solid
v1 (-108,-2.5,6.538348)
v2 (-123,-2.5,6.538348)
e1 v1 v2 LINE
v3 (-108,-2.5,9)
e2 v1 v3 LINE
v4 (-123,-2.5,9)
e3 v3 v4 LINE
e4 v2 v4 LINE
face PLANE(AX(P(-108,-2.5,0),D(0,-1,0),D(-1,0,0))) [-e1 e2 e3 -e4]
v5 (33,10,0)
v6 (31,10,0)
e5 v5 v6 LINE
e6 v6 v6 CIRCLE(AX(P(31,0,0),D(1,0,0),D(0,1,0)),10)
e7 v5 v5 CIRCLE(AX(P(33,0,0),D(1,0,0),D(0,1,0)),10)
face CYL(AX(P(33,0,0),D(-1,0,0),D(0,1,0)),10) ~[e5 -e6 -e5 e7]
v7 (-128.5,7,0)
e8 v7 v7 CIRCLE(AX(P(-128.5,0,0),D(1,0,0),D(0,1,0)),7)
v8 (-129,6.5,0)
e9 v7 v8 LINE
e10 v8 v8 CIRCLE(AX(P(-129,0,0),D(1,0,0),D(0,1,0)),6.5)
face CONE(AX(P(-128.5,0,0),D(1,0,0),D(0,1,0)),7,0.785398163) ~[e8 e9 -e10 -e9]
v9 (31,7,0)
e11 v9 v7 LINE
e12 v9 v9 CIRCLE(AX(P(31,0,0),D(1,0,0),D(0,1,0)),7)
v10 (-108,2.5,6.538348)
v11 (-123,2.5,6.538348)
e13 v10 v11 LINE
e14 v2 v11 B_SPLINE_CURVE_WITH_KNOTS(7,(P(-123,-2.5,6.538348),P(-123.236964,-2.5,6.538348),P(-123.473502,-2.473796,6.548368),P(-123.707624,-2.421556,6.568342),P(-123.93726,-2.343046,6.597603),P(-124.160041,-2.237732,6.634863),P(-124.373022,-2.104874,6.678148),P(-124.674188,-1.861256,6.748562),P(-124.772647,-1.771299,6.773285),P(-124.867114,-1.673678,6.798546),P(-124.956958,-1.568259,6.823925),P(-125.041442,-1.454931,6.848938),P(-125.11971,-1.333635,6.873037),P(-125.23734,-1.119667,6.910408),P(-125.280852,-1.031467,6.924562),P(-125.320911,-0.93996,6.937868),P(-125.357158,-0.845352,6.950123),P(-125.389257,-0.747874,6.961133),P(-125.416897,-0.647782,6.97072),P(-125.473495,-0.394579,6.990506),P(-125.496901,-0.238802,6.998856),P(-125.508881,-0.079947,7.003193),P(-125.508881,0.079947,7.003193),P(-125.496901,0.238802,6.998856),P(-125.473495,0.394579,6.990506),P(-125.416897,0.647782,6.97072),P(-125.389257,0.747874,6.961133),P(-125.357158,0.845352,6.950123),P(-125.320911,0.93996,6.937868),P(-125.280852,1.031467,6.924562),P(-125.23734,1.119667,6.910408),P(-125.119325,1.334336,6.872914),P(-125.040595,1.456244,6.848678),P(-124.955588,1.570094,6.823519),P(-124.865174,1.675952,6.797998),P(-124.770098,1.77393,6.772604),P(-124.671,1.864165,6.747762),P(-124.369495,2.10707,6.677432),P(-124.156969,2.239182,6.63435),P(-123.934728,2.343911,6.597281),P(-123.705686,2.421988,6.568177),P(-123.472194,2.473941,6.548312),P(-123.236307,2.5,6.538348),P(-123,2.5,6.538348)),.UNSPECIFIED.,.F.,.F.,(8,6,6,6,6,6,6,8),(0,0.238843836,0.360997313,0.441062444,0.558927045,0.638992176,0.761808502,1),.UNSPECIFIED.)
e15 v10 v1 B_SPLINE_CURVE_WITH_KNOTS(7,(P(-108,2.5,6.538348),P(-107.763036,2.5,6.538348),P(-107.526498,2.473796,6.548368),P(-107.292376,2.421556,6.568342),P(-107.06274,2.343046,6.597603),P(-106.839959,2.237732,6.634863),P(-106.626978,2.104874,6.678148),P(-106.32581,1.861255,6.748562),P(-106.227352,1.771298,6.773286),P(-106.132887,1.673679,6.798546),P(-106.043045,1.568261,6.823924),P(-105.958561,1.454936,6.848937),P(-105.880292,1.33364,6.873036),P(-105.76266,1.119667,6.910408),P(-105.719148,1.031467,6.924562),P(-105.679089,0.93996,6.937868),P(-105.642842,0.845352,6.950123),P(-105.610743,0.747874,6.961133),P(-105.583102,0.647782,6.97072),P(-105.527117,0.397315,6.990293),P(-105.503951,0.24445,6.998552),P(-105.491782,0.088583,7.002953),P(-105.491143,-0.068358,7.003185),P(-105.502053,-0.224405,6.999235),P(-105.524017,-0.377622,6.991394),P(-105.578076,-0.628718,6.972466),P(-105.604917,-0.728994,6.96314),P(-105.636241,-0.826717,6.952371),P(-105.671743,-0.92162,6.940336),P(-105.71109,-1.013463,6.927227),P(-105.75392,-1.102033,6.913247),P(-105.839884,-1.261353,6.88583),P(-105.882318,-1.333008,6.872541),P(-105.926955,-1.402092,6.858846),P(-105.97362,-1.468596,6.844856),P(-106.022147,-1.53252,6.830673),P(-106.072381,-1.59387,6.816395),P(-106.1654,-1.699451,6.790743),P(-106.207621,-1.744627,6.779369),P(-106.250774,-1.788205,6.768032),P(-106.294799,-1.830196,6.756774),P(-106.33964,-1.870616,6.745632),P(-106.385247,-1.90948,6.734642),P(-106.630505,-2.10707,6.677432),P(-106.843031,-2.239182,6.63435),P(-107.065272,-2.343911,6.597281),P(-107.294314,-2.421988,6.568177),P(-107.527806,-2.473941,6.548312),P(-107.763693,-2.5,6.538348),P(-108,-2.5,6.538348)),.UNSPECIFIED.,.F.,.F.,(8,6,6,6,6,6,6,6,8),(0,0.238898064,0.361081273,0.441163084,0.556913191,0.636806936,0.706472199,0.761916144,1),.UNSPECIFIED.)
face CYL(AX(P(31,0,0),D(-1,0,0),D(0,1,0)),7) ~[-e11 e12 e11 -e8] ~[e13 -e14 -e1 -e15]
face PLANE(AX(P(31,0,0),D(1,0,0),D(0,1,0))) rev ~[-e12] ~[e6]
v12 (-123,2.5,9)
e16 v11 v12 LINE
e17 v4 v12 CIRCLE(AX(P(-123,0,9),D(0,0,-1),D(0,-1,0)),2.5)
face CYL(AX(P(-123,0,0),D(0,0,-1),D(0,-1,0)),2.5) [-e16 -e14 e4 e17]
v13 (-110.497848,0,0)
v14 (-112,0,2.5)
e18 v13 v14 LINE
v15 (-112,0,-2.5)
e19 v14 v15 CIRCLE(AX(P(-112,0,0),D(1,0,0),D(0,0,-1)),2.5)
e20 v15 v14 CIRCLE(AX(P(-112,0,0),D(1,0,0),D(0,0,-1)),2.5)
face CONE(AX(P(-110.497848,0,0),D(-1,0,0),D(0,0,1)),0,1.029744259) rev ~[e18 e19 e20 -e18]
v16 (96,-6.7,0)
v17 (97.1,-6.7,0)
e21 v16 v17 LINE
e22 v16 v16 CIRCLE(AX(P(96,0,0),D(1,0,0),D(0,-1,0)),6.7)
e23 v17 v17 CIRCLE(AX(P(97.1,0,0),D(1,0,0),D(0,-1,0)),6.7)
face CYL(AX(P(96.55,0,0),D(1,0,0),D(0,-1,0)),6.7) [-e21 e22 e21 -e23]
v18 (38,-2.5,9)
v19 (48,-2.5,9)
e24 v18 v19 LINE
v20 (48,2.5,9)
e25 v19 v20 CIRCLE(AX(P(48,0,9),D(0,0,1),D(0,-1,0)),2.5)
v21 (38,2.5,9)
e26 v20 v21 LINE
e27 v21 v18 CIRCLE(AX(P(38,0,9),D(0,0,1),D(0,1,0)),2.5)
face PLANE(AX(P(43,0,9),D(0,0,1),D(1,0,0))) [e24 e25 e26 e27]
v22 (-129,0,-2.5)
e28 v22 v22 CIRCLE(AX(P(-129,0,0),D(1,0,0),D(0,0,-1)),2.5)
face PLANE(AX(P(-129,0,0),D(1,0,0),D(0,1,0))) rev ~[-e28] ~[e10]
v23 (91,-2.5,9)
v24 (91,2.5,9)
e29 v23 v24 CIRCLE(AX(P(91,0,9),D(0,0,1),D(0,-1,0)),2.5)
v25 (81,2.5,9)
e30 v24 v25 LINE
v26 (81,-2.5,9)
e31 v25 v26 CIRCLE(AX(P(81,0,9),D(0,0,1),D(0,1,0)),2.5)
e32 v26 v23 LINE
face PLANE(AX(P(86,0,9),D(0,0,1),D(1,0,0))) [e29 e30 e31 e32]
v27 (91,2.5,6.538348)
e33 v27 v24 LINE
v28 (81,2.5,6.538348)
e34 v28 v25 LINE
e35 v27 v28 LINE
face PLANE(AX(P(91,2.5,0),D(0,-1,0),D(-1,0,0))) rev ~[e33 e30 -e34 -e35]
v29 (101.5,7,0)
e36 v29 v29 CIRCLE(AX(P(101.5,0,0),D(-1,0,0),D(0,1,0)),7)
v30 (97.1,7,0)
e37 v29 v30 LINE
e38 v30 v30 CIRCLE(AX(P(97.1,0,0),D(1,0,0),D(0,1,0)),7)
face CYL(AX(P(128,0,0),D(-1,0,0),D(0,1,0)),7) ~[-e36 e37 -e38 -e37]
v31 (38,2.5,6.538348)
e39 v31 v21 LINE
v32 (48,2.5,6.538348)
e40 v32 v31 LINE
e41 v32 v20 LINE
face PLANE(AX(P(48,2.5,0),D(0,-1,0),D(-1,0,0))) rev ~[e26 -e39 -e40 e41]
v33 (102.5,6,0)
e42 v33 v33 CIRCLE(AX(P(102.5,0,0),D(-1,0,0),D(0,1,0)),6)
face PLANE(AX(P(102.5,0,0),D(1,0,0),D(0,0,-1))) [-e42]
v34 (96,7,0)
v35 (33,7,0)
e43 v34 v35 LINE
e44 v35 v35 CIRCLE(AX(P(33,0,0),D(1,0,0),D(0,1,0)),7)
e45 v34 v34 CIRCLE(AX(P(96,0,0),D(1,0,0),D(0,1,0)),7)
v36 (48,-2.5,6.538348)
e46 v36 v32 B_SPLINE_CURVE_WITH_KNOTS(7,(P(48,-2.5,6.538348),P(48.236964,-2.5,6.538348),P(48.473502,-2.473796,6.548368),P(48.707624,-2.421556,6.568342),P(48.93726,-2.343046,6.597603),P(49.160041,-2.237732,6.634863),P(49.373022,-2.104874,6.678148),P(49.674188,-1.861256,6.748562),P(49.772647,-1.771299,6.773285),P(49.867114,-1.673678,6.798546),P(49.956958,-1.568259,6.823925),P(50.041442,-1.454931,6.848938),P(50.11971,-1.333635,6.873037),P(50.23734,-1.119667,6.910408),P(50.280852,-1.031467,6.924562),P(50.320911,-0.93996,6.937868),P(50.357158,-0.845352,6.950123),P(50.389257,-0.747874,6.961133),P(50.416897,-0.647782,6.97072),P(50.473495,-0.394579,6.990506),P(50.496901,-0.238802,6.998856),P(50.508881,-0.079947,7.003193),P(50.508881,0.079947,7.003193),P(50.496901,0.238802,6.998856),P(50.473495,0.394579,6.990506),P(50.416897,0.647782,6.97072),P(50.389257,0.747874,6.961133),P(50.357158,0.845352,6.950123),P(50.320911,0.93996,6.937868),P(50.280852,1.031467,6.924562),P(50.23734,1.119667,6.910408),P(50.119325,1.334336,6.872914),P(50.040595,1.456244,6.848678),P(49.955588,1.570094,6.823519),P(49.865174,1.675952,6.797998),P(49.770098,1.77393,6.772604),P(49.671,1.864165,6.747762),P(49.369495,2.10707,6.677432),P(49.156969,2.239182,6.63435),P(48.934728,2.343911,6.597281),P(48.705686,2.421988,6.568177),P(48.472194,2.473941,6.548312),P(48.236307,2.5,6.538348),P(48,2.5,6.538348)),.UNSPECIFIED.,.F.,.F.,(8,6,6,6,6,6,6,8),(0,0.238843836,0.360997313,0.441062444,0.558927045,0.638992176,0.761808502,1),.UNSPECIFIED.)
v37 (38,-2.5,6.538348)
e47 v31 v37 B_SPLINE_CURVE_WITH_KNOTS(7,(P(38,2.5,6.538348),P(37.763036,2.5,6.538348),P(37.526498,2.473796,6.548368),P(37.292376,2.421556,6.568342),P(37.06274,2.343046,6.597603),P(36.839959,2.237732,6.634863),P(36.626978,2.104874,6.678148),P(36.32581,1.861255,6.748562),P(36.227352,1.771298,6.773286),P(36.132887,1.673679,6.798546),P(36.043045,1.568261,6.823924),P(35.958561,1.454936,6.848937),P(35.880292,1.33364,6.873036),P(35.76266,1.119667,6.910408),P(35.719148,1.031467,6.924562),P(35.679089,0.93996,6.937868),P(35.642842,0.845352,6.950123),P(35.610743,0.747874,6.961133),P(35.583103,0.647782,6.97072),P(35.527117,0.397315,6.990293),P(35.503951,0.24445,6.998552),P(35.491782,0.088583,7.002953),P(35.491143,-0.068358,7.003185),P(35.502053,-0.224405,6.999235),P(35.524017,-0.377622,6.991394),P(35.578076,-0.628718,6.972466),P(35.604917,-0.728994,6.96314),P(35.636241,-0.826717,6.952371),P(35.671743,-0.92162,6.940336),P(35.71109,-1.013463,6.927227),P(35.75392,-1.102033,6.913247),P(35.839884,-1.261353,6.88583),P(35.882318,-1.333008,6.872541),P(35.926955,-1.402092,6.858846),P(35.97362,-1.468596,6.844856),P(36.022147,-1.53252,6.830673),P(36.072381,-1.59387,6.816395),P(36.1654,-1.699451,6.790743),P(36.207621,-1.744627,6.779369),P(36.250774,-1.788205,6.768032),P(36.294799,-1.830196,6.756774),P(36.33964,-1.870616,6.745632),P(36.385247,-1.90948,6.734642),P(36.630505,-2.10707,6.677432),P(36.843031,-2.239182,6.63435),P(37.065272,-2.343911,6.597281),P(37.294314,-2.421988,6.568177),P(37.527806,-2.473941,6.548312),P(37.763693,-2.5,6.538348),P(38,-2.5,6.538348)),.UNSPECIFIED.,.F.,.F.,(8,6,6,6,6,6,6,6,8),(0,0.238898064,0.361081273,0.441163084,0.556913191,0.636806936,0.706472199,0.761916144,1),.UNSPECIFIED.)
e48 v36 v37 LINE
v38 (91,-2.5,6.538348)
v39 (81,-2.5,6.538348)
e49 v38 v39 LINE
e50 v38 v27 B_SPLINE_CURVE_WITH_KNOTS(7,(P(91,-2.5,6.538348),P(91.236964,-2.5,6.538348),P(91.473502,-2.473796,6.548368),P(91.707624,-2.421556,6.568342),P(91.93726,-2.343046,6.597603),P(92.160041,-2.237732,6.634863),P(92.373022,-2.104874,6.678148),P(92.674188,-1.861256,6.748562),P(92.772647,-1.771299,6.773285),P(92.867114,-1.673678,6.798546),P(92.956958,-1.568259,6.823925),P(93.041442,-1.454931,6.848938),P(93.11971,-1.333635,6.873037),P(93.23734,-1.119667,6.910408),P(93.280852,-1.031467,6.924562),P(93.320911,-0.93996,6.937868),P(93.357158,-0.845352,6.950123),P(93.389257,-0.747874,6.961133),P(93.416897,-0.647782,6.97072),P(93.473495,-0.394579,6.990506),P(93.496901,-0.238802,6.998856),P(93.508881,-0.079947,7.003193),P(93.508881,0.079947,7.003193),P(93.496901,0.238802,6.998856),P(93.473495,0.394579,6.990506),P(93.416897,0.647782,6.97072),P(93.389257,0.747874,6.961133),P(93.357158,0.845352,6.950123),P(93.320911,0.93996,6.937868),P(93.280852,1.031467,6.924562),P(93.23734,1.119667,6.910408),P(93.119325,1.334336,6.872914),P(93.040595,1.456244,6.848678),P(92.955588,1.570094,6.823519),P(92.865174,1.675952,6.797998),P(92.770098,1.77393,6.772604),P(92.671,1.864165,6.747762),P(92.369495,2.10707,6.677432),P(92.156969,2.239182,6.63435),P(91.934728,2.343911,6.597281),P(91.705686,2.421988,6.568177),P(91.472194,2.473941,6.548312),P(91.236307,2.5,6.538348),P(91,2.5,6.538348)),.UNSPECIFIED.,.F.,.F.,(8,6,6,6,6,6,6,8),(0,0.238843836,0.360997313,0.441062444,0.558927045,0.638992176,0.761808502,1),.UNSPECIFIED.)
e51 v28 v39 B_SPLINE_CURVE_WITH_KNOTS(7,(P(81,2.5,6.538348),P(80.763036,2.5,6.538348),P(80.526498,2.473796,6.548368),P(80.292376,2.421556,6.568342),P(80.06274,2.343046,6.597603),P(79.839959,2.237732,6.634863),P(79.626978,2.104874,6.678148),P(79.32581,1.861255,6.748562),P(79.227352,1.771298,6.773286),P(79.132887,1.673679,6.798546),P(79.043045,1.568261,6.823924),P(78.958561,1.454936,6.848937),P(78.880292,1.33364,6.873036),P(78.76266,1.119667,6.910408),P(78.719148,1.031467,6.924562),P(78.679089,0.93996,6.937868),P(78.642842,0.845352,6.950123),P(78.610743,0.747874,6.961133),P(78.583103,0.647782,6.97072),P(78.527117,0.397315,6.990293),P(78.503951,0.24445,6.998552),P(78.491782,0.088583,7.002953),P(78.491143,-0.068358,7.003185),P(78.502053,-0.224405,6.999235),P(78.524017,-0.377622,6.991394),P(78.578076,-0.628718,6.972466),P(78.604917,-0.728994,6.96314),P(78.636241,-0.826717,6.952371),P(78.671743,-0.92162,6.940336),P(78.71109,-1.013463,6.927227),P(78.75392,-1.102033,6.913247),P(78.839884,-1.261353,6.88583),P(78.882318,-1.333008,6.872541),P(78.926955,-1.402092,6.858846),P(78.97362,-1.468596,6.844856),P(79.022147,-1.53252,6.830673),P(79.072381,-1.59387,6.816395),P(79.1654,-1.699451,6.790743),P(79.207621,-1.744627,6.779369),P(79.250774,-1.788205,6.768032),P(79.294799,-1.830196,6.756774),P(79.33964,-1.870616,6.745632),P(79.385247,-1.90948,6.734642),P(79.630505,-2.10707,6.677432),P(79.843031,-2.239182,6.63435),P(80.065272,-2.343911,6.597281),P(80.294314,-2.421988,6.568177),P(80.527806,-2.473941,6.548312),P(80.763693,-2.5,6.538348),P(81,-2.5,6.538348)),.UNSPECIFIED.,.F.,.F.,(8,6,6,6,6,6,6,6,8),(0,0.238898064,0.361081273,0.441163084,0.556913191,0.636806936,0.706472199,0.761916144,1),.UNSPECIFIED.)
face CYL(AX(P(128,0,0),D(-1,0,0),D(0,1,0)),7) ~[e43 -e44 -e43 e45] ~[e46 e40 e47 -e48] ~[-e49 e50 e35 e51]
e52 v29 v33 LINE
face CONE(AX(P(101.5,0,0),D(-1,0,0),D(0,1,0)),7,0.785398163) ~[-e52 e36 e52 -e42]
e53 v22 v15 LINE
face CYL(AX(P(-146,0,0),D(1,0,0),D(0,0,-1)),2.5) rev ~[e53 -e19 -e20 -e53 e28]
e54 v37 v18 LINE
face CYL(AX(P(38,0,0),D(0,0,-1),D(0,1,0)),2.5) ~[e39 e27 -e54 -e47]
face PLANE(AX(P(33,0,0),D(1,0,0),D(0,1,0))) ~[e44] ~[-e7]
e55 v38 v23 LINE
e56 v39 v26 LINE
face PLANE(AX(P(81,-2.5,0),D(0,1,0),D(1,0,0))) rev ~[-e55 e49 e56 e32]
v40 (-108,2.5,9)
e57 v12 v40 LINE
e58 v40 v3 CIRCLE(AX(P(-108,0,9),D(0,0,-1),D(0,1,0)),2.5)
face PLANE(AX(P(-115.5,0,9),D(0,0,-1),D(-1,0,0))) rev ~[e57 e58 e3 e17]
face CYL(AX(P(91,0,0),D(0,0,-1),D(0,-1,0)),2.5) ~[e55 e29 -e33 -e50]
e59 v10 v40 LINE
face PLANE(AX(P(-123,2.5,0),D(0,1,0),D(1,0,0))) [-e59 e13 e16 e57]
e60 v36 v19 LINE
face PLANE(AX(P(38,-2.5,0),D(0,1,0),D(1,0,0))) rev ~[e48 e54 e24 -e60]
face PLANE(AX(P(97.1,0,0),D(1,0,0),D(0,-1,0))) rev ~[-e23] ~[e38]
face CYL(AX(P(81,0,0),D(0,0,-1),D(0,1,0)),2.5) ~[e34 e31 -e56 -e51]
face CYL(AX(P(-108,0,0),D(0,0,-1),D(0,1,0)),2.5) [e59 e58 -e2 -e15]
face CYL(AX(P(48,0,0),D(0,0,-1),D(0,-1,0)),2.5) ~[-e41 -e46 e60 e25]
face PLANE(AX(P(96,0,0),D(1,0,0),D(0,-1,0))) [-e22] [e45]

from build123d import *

# Parameters (mm, degrees)
EXTRUDE_1_DEPTH        = 9
SKETCH_3_R             = 15
CUT_EXTRUDE_1_DEPTH    = 26.5
HOLE_WIZARD_M6_1_D     = 5
HOLE_WIZARD_M6_1_DEPTH = 17
HOLE_WIZARD_M6_1_TIP   = 1.502151548
CHAMFER_1_SIZE         = 1
SKETCH_6_W             = 1.1
SKETCH_6_H             = 0.3


with BuildPart() as part:
    # 草图1 → 旋转1 (revolve)
    with BuildSketch(Plane.XY):
        Polygon((-129, 0), (129, 0), (129, 6), (128, 7), (33, 7), (33, 10), (31, 10), (31, 7), (-128.5, 7), (-129, 6.5), align=None)
    revolve(axis=Axis((-129, 0, 0), (1, 0, 0)))

    # 草图2 → 凸台-拉伸1 (add)
    with BuildSketch(Plane.XY):
        with BuildLine():
            ThreePointArc((-108, 2.5), (-105.5, 0), (-108, -2.5))
            Line((-108, -2.5), (-123, -2.5))
            ThreePointArc((-123, -2.5), (-125.5, 0), (-123, 2.5))
            Line((-123, 2.5), (-108, 2.5))
        make_face()
        with BuildLine():
            Line((38, -2.5), (48, -2.5))
            ThreePointArc((48, -2.5), (50.5, 0), (48, 2.5))
            Line((48, 2.5), (38, 2.5))
            ThreePointArc((38, 2.5), (35.5, 0), (38, -2.5))
        make_face()
        with BuildLine():
            Line((123, 2.5), (108, 2.5))
            ThreePointArc((108, 2.5), (105.5, 0), (108, -2.5))
            Line((108, -2.5), (123, -2.5))
            ThreePointArc((123, -2.5), (125.5, 0), (123, 2.5))
        make_face()
        with BuildLine():
            Line((81, -2.5), (91, -2.5))
            ThreePointArc((91, -2.5), (93.5, 0), (91, 2.5))
            Line((91, 2.5), (81, 2.5))
            ThreePointArc((81, 2.5), (78.5, 0), (81, -2.5))
        make_face()
    extrude(amount=EXTRUDE_1_DEPTH)

    # 草图3 → 切除-拉伸1 (cut)
    with BuildSketch(Plane(origin=(129, 0, 0), x_dir=(0, 0, -1), z_dir=(1, 0, 0))):
        Circle(SKETCH_3_R)
    extrude(amount=-CUT_EXTRUDE_1_DEPTH, mode=Mode.SUBTRACT)

    # M6 螺纹孔1
    with Locations(Plane.ZY.offset(129)):
        with Locations((0, 0)):
            Hole(HOLE_WIZARD_M6_1_D / 2, depth=HOLE_WIZARD_M6_1_DEPTH)
            with Locations((0, 0, -(HOLE_WIZARD_M6_1_DEPTH + HOLE_WIZARD_M6_1_TIP / 2))):  # 118° drill point
                Cone(0, HOLE_WIZARD_M6_1_D / 2, HOLE_WIZARD_M6_1_TIP, mode=Mode.SUBTRACT)

    # 倒角1
    chamfer_1_edges = [part.edges().sort_by_distance(p)[0] for p in [
        (102.5, -7, 0),
    ]]
    chamfer(chamfer_1_edges, length=CHAMFER_1_SIZE)

    # 草图6 → 切除-旋转1 (revolve, cut)
    with BuildSketch(Plane.XY):
        with Locations((96.55, -6.85)):
            Rectangle(SKETCH_6_W, SKETCH_6_H)
    revolve(axis=Axis((0, 0, 0), (1, 0, 0)), mode=Mode.SUBTRACT)


solid = part.part
